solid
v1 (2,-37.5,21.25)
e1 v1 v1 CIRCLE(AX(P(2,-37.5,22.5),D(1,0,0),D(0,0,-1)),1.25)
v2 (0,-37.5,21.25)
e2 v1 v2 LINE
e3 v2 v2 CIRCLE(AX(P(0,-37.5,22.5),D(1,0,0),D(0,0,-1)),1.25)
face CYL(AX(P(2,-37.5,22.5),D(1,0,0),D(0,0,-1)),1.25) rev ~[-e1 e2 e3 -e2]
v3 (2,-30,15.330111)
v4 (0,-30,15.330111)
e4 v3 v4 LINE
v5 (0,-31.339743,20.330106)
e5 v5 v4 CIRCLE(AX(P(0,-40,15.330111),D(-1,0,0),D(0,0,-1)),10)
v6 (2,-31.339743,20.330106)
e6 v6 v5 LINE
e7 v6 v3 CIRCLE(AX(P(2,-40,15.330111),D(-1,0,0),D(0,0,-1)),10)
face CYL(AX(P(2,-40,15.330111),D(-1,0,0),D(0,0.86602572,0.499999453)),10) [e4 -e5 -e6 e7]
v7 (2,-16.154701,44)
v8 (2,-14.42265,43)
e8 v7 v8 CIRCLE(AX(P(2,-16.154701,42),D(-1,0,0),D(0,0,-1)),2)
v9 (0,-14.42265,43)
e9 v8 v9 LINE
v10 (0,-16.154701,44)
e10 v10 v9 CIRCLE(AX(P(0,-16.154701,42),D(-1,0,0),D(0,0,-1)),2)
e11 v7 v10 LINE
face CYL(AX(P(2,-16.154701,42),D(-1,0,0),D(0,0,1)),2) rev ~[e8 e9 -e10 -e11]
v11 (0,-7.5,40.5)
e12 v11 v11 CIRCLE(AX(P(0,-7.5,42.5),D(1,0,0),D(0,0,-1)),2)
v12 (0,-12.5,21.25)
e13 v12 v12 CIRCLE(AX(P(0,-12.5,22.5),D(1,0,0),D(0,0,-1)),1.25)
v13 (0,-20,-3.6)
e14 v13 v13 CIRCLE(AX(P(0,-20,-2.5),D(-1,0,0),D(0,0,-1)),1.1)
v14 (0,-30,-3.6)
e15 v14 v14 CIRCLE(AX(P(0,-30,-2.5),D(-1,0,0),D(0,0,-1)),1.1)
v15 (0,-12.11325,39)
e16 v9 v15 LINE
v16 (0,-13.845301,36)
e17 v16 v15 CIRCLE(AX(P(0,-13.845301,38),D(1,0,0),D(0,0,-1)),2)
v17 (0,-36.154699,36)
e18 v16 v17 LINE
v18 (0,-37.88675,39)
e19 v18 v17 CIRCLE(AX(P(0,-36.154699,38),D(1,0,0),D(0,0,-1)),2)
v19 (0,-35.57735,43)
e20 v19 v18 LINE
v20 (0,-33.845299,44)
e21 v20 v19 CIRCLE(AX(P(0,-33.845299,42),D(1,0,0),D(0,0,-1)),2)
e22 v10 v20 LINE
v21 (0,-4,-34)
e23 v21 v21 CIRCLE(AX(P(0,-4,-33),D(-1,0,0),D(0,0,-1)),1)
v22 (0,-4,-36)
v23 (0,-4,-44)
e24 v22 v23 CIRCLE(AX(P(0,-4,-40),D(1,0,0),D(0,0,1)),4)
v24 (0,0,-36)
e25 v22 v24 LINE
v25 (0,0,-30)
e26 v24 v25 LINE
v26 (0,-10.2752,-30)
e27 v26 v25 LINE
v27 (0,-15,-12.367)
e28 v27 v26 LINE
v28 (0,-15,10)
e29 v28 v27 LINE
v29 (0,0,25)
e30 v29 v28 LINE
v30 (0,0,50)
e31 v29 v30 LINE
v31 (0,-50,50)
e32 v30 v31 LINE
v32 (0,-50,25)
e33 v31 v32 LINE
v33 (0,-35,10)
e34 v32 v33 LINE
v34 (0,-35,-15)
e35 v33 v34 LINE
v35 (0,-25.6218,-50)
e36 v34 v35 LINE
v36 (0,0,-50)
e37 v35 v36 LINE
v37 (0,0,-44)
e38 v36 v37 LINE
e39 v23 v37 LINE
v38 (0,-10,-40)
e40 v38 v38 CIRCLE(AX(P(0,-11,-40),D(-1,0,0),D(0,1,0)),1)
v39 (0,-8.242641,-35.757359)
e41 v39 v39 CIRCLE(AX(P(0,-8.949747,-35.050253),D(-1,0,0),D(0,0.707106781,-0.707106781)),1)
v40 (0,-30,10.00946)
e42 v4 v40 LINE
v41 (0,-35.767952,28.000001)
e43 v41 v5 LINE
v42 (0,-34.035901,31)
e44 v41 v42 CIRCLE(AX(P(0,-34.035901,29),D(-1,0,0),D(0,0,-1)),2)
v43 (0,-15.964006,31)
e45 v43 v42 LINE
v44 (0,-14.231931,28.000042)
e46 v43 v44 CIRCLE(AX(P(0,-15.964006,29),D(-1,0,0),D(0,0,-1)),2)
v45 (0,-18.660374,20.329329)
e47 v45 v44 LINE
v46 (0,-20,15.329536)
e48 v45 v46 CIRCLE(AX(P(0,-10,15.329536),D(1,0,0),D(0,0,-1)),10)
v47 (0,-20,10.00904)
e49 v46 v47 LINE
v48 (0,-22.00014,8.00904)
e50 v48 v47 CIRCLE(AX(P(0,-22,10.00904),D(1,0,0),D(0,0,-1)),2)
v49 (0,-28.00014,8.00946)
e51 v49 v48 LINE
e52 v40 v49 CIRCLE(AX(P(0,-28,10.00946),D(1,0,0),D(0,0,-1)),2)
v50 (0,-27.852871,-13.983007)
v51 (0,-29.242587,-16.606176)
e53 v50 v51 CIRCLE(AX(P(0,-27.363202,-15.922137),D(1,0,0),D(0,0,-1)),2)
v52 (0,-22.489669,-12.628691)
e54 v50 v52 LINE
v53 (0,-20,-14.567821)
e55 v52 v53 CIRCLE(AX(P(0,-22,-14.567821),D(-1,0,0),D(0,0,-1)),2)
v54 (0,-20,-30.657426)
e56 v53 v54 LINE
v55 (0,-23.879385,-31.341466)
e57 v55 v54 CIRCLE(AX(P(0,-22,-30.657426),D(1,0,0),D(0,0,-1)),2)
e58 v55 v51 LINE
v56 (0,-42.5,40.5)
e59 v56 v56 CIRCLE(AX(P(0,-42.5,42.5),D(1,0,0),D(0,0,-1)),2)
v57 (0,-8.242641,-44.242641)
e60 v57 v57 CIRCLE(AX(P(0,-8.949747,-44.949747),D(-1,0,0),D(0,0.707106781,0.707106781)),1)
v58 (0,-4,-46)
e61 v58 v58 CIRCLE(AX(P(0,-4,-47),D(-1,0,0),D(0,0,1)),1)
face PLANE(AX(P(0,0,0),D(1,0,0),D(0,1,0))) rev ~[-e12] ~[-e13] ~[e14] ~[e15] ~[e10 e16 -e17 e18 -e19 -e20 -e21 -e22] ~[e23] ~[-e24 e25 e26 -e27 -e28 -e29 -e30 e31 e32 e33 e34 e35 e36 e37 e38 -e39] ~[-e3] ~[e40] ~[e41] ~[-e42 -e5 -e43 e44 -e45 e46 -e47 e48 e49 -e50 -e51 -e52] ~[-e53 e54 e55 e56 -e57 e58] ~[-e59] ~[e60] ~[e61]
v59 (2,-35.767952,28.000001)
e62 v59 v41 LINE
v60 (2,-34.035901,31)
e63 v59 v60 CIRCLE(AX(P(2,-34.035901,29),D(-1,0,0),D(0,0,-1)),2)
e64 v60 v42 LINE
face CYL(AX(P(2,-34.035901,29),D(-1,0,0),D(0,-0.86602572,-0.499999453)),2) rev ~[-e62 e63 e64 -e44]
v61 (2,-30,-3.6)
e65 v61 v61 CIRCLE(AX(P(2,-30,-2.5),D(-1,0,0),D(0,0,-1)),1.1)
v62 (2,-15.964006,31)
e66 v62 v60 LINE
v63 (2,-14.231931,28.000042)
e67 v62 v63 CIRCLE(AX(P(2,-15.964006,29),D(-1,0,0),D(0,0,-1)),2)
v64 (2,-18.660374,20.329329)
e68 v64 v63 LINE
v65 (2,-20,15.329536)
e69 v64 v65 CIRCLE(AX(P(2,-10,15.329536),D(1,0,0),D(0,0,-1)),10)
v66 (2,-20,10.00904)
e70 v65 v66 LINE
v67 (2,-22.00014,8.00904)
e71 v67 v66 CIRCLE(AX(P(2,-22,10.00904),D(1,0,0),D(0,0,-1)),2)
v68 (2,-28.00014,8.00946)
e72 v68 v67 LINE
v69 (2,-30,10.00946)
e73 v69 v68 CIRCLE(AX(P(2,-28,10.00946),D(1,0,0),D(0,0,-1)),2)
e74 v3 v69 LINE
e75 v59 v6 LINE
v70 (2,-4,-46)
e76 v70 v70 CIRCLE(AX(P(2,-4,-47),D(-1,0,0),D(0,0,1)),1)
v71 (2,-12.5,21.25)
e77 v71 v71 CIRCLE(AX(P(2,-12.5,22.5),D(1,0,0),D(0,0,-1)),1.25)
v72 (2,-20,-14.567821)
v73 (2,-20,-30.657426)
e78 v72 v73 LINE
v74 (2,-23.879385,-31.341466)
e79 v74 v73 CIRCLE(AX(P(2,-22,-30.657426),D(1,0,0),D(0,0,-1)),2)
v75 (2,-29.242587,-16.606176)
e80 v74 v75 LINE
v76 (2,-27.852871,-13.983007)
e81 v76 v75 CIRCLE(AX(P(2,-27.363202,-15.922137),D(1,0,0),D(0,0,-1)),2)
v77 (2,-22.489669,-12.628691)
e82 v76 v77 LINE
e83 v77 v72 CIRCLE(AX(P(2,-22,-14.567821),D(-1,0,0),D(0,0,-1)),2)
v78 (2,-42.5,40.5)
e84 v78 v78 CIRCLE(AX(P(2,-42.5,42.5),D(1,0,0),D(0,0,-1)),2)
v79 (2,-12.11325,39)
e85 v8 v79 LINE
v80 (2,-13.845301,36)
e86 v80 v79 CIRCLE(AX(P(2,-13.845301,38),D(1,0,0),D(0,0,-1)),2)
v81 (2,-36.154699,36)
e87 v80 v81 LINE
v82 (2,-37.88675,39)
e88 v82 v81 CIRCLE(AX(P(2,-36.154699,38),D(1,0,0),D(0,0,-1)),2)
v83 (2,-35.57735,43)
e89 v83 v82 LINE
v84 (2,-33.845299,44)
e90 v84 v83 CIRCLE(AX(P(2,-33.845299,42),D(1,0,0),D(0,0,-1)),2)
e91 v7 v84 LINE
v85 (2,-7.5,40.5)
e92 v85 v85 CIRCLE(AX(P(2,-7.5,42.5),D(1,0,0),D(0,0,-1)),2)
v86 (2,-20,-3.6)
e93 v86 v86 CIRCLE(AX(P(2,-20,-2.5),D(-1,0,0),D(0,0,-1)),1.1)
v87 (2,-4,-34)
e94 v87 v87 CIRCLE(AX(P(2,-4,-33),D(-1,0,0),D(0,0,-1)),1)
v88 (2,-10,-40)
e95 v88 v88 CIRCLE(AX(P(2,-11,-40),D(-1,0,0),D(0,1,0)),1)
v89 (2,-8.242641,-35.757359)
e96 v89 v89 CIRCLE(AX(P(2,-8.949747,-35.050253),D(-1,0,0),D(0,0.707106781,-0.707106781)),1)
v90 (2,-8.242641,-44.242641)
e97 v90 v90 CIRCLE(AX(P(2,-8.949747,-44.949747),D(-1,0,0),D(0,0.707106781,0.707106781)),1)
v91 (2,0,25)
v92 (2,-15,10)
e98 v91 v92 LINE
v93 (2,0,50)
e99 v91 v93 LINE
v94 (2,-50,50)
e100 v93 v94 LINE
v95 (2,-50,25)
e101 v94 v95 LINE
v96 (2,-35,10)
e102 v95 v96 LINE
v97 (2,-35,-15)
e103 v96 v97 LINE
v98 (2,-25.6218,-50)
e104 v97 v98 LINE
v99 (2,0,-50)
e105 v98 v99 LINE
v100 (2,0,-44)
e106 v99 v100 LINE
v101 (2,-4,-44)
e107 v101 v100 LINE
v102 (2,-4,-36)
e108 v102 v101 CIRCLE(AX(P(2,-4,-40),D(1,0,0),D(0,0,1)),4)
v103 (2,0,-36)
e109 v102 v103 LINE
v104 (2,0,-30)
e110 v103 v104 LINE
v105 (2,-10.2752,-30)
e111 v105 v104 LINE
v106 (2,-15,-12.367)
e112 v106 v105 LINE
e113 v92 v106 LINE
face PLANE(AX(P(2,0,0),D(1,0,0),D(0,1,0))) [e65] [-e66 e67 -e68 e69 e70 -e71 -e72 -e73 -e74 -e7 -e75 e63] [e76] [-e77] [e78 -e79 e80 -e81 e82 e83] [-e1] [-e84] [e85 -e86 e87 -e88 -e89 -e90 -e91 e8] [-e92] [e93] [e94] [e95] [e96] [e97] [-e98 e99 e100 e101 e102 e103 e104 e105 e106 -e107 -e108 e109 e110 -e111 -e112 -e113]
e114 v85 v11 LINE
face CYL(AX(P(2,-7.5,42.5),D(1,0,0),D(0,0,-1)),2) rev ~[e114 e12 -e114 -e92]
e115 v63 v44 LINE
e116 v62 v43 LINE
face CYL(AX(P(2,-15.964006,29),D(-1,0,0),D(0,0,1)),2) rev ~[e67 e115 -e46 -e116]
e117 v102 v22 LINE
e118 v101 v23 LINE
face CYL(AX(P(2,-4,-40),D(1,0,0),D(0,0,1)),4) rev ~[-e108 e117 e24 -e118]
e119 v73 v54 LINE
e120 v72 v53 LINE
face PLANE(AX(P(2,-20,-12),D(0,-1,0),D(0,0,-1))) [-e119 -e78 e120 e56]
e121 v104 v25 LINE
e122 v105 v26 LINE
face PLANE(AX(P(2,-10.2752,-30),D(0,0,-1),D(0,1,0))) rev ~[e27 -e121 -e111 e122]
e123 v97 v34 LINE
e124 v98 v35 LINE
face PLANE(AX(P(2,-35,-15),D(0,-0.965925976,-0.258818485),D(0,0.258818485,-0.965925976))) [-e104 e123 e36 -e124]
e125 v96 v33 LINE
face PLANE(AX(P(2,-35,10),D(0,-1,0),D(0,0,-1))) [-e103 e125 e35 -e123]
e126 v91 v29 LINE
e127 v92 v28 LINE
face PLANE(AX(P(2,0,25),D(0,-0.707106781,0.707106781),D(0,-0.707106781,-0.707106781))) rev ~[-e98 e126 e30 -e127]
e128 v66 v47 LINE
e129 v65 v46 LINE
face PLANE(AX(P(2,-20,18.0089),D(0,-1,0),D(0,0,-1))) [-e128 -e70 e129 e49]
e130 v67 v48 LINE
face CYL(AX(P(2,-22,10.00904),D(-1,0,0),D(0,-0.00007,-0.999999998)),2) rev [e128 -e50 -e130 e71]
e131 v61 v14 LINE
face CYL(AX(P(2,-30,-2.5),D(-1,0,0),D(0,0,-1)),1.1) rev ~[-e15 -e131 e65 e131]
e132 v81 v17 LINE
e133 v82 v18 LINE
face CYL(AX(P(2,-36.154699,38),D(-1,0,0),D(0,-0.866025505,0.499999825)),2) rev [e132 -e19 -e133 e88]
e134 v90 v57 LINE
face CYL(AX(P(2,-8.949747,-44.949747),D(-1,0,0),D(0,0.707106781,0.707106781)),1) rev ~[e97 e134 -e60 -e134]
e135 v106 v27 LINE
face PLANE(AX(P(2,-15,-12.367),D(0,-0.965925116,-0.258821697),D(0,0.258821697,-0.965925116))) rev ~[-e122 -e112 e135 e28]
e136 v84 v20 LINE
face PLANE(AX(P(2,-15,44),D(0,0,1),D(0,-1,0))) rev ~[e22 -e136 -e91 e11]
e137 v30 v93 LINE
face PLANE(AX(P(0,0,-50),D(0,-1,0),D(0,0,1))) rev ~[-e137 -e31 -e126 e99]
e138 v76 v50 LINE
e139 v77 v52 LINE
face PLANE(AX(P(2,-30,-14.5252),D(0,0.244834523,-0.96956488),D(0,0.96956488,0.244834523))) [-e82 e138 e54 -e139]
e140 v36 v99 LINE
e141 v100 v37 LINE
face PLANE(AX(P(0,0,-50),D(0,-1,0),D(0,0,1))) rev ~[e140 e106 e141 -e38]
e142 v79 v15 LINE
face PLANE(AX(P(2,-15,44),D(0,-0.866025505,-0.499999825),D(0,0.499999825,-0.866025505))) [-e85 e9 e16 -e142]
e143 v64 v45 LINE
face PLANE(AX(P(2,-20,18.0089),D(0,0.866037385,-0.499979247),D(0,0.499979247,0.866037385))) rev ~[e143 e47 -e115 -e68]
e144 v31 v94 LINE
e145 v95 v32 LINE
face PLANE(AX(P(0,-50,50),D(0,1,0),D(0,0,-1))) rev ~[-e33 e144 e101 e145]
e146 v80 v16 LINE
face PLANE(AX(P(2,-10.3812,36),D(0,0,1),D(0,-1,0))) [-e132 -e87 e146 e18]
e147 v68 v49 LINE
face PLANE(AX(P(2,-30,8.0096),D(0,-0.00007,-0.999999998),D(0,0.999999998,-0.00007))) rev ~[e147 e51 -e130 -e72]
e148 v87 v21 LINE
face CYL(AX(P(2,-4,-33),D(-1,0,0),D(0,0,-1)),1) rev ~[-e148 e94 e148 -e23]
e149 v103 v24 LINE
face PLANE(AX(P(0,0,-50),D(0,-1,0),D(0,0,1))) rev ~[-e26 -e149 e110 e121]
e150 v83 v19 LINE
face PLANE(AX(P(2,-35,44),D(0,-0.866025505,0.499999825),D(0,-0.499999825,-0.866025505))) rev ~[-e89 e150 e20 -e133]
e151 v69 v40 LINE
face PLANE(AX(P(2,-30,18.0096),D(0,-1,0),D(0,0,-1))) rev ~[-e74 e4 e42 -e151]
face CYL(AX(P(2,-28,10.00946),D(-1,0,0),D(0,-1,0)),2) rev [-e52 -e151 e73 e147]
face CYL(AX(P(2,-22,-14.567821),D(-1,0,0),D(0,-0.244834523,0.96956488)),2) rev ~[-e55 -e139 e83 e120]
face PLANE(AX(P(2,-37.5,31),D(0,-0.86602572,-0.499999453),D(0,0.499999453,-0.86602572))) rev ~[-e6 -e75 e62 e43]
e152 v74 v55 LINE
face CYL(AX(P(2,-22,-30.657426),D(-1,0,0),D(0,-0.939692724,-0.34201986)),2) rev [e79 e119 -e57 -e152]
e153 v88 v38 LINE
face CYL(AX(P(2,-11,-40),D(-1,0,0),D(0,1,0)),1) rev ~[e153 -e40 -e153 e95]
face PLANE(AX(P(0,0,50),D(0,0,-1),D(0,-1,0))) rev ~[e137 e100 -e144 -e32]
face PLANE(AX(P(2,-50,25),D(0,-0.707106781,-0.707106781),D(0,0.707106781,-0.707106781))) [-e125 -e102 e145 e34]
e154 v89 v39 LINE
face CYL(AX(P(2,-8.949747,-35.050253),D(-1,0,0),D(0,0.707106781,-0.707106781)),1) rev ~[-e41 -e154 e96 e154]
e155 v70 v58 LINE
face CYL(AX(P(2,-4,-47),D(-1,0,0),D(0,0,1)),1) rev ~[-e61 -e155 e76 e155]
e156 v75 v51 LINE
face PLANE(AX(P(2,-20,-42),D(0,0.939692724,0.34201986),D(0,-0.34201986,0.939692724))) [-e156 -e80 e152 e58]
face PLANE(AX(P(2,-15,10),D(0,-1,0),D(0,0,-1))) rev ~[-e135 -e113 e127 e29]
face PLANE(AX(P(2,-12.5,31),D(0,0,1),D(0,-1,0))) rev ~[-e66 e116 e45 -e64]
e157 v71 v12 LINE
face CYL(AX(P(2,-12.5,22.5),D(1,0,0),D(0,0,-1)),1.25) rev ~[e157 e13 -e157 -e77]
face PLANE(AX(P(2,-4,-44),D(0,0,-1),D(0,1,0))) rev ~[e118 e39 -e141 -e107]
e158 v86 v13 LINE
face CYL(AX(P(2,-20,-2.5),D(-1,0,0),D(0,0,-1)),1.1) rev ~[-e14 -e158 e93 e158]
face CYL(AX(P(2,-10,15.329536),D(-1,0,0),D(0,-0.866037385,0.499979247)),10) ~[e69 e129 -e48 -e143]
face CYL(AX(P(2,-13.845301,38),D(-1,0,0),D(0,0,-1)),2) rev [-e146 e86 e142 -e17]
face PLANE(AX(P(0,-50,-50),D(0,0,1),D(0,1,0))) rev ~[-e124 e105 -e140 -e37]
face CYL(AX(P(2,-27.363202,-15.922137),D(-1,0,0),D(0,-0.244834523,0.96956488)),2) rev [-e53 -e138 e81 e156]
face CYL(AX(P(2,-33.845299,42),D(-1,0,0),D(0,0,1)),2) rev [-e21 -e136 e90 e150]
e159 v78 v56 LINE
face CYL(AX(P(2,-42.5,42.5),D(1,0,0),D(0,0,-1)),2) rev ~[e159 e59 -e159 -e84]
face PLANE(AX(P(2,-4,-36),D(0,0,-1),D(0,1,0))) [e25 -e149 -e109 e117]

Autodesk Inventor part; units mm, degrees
ref_plane "YZ Plane" through (0, 0, 0) normal (1, 0, 0) x (0, 1, 0)
ref_plane "XZ Plane" through (0, 0, 0) normal (0, 1, 0) x (-1, 0, 0)
ref_plane "XY Plane" through (0, 0, 0) normal (0, 0, 1) x (1, 0, 0)
sketch "スケッチ1" plane through (0, 0, 0) normal (1, 0, 0) x (0, 1, 0)
  line L0 (0, 50) -> (-50, 50)
  line L1 (-50, 50) -> (-50, -50)
  line L2 (-50, -50) -> (0, -50)
  line L3 (0, -50) -> (0, 50)
  point P0 (0, 0)
  dimension "d0" = 50
  dimension "d2" = 100
  dimension "d3" = 50
  dimension "d4" = 50
extrude "押し出し1" add sketch "スケッチ1" along normal blind 2
sketch "スケッチ2" plane through (2, 0, 0) normal (1, 0, 0) x (0, 0, -1)
  line L0 (-50, 0) -> (-50, -50) projected
  line L1 (-50, -50) -> (50, -50) projected
  line L2 (50, -50) -> (50, 0) projected
  line L3 (50, 0) -> (-50, 0) projected
  line L4 (-25, -50) -> (-10, -35)
  line L5 (-10, -35) -> (15, -35)
  line L6 (15, -35) -> (50, -25.6218)
  line L7 (-50, 0) -> (-25, 0)
  line L8 (-25, 0) -> (-10, -15)
  line L9 (-10, -15) -> (12.367, -15)
  line L10 (12.367, -15) -> (30, -10.2752)
  line L11 (30, -10.2752) -> (30, 0)
  line L12 (-25, -50) -> (-50, -50)
  line L13 (-50, -50) -> (-50, 0)
  point P0 (0, 0)
  dimension "d7" = 135
  dimension "d8" = 135
  dimension "d9" = 25
  dimension "d10" = 25
  dimension "d11" = 50
  dimension "d16" = 165
  dimension "d17" = 20
  dimension "d18" = 20
  dimension "d89" = 20
  dimension "d90" = 25
extrude "押し出し2" cut sketch "スケッチ2" against normal blind 2 contours L3 L8 L9 L10 L11 L2 L6 L5 L4 L1 L0 keep common part
sketch "スケッチ3" plane through (2, 0, 0) normal (1, 0, 0) x (0, 0, -1)
  line L0 (30, -10.2752) -> (30, 0) projected
  line L1 (12.367, -15) -> (30, -10.2752) projected
  line L2 (-10, -15) -> (12.367, -15) projected
  line L3 (-25, 0) -> (-10, -15) projected
  line L4 (-25, 0) -> (-50, 0) projected
  line L5 (-50, 0) -> (-50, -50) projected
  line L6 (-50, -50) -> (-25, -50) projected
  line L7 (-10, -35) -> (-25, -50) projected
  line L8 (15, -35) -> (-10, -35) projected
  line L9 (50, -25.6218) -> (15, -35) projected
  line L10 (50, -25.6218) -> (50, 0) projected
  line L11 (50, 0) -> (30, 0) projected
  circle A0 centre (-42.5, -7.5) radius 2
  circle A1 centre (-42.5, -42.5) radius 2
  circle A2 centre (-22.5, -12.5) radius 1.25
  circle A3 centre (-22.5, -37.5) radius 1.25
  arc A4 (36, -4) -> (44, -4) centre (40, -4) ccw
  line L12 (36, -4) -> (36, 0)
  line L13 (44, -4) -> (44, 0)
  point P0 (0, 0)
  dimension "d21" = 8
  dimension "d25" = 4
  dimension "d30" = 6
  dimension "d31" = 4
  dimension "d35" = 25
  dimension "d36" = 35
  dimension "d37" = 12.5
  dimension "d38" = 7.5
  dimension "d40" = 7.5
  dimension "d41" = 7.5
  dimension "d61" = 2.5
  dimension "d68" = 20
  dimension "d69" = 20
extrude "押し出し5" cut sketch "スケッチ3" against normal blind 2 contours L0 L11 L12 A4 L13 L10 L9 L8 L7 L6 L5 L4 L3 L2 L1 keep common part
sketch "スケッチ4" plane through (2, 0, 0) normal (1, 0, 0) x (0, 0, -1)
  line L0 (50, 0) -> (30, 0) projected
  circle A0 centre (33, -4) radius 1
  arc A1 (36, -4) -> (44, -4) centre (40, -4) ccw projected
  point P0 (0, 0)
  dimension "d47" = 4
  dimension "d49" = 2
  dimension "d64" = 7
hole "穴1" at (2, -4, -33) direction (-1, 0, 0) diameter 2 end through all
pattern_circular "円形状パターン2" count 5 over 180 about axis through (2, -4, -40) along (1, 0, 0) of "穴1"
sketch "スケッチ5" plane through (2, 0, 0) normal (1, 0, 0) x (0, 0, -1)
  line L0 (-10, -15) -> (12.367, -15) projected
  circle A0 centre (-22.5, -12.5) radius 1.25 projected
  circle A1 centre (-22.5, -37.5) radius 1.25 projected
  circle A2 centre (2.5, -20) radius 1.3
  circle A3 centre (2.5, -30) radius 1.3
  point P0 (0, 0)
  dimension "d70" = 2.6
  dimension "d74" = 5
  dimension "d75" = 10
  dimension "d91" = 25
  dimension "d92" = 25
hole "穴2" at (2, -20, -2.5) at (2, -30, -2.5) direction (-1, 0, 0) diameter 2.2 end through all
sketch "スケッチ7" plane through (2, 0, 0) normal (1, 0, 0) x (0, 0, -1)
  line L0 (-10, -15) -> (12.367, -15) projected
  line L1 (-25, 0) -> (-50, 0) projected
  line L2 (-50, 0) -> (-50, -50) projected
  line L3 (15, -35) -> (-10, -35) projected
  line L4 (-18.0096, -30) -> (-8.0096, -30)
  line L5 (-8.0096, -30) -> (-8.0089, -20)
  line L6 (-18.0089, -20) -> (-31, -12.5)
  line L7 (-31, -12.5) -> (-31, -37.5)
  line L8 (-31, -37.5) -> (-18.0096, -30)
  line L9 (-18.0089, -20) -> (-8.0089, -20)
  point P0 (0, 0)
  dimension "d94" = 10
  dimension "d99" = 150
  dimension "d102" = 5
  dimension "d103" = 5
  dimension "d104" = 25
  dimension "d105" = 12.5
  dimension "d106" = 19
extrude "押し出し7" cut sketch "スケッチ7" against normal blind 2
sketch "スケッチ8" plane through (2, 0, 0) normal (1, 0, 0) x (0, 0, -1)
  line L0 (-25, 0) -> (-50, 0) projected
  line L1 (-50, 0) -> (-50, -50) projected
  line L2 (50, 0) -> (44, 0) projected
  line L3 (-44, -15) -> (-44, -35)
  line L4 (-44, -15) -> (-36, -10.3812)
  line L5 (-36, -10.3812) -> (-36, -39.6188)
  line L6 (-44, -35) -> (-36, -39.6188)
  point P0 (0, 0)
  dimension "d111" = 120
  dimension "d112" = 120
  dimension "d113" = 20
  dimension "d115" = 8
  dimension "d116" = 14
  dimension "d117" = 15
extrude "押し出し8" cut sketch "スケッチ8" against normal blind 2
fillet "フィレット1" radius 10 2 edges at (1, -20, 18.0089) (1, -30, 18.0096)
fillet "フィレット2" radius 2 8 edges at (1, -30, 8.0096) (1, -12.5, 31) (1, -20, 8.0089) (1, -10.3812, 36) (1, -35, 44) (1, -15, 44) (1, -37.5, 31) (1, -39.6188, 36)
sketch "スケッチ10" plane through (2, 0, 0) normal (1, 0, 0) x (0, 0, -1)
  line L0 (-10, -15) -> (12.367, -15) projected
  line L1 (15, -35) -> (-10, -35) projected
  line L2 (50, 0) -> (44, 0) projected
  line L3 (12, -20) -> (42, -20)
  line L4 (42, -20) -> (14.5252, -30)
  line L5 (14.5252, -30) -> (12, -20)
  point P0 (0, 0)
  dimension "d124" = 30
  dimension "d127" = 160
  dimension "d128" = 5
  dimension "d129" = 5
  dimension "d130" = 12
extrude "押し出し9" cut sketch "スケッチ10" against normal blind 2
fillet "フィレット3" radius 2 3 edges at (1, -20, -12) (1, -20, -42) (1, -30, -14.5252)
properties part number "Arm_MiniLink_1" material "アルミニウム 6061"
